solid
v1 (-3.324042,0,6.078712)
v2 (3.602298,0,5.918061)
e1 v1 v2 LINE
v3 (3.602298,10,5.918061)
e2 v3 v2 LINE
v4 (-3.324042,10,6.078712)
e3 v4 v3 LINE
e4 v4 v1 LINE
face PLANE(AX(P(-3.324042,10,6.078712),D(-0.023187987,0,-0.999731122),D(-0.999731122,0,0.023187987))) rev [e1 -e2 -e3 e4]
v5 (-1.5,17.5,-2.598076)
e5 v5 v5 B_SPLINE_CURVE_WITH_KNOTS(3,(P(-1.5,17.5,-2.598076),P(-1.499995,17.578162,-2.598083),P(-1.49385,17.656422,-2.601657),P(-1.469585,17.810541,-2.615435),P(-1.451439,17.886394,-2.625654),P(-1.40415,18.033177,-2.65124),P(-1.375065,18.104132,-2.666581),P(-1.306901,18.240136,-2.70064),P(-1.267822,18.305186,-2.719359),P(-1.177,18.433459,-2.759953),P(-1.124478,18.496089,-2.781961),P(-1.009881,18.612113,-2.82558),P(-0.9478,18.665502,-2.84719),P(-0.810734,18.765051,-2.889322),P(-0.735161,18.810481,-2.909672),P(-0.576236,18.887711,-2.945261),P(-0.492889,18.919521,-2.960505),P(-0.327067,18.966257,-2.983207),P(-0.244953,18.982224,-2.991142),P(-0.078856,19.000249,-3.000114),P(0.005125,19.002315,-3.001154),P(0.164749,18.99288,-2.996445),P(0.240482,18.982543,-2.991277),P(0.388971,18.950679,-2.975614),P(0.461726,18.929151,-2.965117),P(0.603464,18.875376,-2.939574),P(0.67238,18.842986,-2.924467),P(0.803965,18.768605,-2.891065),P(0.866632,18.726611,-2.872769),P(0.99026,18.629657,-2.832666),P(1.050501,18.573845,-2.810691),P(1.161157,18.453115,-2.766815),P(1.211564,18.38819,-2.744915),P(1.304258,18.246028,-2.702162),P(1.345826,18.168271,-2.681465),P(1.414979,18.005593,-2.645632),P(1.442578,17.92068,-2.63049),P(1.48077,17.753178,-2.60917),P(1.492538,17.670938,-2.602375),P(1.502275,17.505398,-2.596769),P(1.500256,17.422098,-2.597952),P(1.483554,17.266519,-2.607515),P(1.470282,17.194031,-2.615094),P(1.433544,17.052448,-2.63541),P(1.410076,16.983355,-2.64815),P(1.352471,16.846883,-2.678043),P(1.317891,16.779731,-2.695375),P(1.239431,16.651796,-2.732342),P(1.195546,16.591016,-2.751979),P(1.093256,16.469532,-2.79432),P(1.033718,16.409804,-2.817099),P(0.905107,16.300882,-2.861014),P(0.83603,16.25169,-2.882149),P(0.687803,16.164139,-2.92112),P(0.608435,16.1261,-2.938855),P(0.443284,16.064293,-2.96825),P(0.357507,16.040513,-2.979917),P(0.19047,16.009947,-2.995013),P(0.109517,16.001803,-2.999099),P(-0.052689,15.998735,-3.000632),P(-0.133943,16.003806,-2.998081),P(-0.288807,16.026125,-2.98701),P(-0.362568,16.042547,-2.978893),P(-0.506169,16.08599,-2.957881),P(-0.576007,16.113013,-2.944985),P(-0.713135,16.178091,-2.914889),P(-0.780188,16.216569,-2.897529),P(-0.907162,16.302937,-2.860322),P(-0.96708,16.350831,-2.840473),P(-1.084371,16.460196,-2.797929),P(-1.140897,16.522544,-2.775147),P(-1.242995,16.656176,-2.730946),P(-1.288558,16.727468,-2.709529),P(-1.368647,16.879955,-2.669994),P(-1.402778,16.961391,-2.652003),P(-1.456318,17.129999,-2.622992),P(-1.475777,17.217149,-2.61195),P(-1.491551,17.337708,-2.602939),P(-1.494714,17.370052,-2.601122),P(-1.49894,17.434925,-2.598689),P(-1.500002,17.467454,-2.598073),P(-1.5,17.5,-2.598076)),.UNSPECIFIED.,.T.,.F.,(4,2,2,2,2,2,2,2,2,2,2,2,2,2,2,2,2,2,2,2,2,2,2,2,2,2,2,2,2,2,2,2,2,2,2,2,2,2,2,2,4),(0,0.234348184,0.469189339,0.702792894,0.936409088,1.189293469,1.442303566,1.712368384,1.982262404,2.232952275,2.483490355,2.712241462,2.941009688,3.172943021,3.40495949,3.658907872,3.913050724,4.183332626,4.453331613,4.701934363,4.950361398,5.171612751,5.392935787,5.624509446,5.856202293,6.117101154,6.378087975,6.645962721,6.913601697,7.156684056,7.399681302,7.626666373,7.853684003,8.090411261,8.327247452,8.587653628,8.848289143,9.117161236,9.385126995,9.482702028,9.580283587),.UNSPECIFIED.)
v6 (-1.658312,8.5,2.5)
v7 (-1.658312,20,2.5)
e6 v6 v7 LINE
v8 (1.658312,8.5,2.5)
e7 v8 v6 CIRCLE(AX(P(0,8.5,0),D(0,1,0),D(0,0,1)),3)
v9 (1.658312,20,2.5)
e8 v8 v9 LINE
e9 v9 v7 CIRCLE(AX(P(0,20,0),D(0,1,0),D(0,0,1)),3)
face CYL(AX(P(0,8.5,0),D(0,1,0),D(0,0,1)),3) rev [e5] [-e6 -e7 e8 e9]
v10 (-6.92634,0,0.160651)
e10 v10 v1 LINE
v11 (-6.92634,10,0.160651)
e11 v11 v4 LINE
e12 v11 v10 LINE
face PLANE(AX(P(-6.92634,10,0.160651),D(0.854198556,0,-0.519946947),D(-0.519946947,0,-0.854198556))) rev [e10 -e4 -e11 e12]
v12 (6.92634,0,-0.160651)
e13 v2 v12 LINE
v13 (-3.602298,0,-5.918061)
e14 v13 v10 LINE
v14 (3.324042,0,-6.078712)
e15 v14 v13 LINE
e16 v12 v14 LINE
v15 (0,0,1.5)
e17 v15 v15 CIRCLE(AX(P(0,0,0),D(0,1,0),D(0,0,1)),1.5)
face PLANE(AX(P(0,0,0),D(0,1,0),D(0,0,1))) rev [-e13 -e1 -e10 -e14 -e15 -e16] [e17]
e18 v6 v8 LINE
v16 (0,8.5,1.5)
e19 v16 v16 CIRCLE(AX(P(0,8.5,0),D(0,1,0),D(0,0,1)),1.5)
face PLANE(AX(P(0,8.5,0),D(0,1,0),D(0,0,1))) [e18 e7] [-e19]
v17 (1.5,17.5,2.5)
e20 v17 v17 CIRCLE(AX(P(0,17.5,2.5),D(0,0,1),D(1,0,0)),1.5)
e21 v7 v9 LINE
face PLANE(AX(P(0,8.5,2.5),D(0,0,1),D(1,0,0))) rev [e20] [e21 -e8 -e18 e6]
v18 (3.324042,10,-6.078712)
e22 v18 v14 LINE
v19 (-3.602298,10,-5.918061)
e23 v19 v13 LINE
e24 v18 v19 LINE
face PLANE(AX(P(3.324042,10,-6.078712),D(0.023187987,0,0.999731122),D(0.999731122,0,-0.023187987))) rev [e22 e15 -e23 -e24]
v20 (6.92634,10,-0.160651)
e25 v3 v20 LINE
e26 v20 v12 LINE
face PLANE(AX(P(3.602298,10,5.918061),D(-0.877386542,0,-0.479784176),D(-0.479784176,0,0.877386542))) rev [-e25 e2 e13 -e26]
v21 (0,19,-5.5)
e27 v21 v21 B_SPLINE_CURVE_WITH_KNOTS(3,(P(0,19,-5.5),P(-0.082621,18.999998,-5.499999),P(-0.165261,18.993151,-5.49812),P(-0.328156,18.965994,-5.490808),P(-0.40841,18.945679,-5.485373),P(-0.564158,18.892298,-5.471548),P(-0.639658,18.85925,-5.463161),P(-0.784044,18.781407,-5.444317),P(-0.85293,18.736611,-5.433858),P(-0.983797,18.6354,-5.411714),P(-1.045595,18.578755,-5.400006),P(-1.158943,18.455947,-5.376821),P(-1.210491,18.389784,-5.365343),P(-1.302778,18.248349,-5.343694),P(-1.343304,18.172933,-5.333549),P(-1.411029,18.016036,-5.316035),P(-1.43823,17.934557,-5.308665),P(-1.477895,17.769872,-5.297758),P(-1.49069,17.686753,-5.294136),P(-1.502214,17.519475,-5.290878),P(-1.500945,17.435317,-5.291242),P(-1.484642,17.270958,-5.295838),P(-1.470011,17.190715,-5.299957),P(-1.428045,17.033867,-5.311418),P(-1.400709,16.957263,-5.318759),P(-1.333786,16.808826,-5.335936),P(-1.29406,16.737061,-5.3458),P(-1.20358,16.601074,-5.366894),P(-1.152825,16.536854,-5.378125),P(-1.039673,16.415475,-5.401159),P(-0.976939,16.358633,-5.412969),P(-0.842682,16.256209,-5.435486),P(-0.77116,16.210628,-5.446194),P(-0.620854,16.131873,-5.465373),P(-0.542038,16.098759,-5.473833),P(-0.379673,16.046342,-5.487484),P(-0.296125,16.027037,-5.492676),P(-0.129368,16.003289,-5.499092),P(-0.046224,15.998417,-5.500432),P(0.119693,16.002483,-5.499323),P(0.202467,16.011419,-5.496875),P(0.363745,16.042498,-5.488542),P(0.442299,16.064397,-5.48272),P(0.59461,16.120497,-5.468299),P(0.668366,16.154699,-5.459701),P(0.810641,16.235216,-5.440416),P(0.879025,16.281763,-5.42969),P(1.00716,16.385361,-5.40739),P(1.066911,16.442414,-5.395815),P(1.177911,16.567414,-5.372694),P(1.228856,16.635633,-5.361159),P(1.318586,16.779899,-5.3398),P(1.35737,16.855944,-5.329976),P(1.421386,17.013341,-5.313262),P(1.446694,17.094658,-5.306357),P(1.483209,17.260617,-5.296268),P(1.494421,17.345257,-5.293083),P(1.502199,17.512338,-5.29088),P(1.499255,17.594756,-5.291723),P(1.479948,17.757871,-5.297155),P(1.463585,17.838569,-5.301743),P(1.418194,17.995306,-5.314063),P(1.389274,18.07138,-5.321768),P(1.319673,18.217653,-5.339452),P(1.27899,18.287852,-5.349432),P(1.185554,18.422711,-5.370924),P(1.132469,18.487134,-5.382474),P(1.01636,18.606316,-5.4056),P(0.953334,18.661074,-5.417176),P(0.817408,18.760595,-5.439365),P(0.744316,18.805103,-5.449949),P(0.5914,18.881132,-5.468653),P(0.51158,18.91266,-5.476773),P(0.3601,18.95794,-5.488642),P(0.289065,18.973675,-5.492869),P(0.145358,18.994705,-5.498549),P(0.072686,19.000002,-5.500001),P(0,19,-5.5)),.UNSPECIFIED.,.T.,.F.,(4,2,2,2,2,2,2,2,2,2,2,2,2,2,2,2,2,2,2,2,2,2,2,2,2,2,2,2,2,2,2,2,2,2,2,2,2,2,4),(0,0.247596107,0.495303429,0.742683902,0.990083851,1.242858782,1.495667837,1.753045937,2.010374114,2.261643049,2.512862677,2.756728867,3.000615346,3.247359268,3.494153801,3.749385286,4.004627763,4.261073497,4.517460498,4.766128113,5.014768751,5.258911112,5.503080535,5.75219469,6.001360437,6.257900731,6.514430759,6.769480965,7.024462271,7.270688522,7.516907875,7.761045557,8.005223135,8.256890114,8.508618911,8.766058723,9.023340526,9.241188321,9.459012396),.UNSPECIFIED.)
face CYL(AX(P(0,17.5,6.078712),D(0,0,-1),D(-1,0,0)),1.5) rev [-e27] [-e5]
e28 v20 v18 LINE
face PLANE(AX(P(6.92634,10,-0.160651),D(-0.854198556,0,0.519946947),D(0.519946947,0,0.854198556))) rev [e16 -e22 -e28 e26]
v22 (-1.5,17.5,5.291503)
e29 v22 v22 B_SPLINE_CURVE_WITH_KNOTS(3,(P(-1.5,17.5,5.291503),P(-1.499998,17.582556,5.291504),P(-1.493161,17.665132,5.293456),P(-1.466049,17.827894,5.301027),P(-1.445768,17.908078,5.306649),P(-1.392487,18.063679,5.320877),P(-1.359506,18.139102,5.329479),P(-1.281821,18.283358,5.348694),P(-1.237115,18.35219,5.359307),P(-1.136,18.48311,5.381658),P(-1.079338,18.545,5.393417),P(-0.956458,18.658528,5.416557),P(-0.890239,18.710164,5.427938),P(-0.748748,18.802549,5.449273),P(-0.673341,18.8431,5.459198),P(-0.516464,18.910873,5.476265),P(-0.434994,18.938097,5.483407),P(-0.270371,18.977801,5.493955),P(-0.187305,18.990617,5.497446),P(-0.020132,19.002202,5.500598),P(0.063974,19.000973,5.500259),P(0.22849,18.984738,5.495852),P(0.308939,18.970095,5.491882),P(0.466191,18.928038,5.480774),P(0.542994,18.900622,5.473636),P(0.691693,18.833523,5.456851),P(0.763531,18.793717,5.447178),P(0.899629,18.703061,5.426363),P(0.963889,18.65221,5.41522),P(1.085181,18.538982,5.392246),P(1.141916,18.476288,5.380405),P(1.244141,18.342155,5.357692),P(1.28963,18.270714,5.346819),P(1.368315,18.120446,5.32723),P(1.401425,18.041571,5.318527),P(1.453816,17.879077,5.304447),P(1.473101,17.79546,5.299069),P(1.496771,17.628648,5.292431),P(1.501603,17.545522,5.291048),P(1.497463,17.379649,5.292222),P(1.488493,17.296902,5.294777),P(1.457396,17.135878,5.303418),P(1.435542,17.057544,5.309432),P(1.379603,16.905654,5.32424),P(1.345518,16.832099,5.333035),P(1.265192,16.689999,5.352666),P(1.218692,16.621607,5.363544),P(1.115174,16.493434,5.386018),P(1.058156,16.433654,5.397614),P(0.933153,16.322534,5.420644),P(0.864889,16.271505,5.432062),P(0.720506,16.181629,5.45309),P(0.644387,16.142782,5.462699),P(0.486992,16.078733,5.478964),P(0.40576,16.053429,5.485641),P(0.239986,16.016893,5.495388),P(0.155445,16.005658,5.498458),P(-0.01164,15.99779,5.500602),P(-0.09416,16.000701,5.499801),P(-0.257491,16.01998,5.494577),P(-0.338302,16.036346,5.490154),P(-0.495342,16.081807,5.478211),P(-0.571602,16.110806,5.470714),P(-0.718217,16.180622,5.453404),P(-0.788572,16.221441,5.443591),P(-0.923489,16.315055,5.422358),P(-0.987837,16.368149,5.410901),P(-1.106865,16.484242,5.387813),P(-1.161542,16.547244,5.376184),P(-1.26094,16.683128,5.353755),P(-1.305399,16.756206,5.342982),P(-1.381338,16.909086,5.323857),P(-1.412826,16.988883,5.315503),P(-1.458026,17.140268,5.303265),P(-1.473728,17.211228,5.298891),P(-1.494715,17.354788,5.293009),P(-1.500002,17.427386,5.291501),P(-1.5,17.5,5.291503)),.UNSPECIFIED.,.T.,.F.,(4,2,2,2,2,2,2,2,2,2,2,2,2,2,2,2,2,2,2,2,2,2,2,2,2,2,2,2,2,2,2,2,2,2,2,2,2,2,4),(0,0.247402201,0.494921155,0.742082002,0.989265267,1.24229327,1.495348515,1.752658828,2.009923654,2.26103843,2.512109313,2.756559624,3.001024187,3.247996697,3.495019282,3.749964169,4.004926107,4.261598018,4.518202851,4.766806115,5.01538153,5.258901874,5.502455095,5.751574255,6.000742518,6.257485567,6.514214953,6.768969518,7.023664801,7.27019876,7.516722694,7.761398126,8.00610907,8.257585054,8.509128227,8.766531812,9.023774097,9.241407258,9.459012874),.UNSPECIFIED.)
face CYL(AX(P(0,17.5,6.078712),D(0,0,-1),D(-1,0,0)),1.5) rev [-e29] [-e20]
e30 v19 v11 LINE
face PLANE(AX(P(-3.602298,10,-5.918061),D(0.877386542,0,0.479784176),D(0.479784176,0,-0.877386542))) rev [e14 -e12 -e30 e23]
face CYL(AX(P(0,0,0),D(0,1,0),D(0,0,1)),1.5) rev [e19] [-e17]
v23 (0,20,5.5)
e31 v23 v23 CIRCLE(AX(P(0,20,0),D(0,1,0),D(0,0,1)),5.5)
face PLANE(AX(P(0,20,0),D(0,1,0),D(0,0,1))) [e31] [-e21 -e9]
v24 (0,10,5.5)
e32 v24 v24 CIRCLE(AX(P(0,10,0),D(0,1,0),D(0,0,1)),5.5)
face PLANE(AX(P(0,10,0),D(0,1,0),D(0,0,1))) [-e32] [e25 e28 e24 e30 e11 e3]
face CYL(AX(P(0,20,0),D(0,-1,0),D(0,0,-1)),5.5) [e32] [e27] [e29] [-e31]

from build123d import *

# Parameters (mm, degrees)
EXTRUDE_1_DEPTH          = 10
SKETCH_2_R               = 5.5
EXTRUDE_2_DEPTH          = 10
CUT_EXTRUDE_1_DEPTH      = 11.5
CUT_EXTRUDE_3_DEPTH      = 23.837874147
CUT_EXTRUDE_3_DEPTH_BACK = 23.837874147
SKETCH_4_R               = 1.5
SKETCH_6_R               = 1.5
CUT_EXTRUDE_4_DEPTH      = 15.736856398


with BuildPart() as part:
    # 草图1 → 凸台-拉伸1 (new body)
    with BuildSketch(Plane(origin=(0, 0, 0), x_dir=(1, 0, 0), z_dir=(0, 1, 0))):
        Polygon((3.602298117, -5.918061192), (6.926340392, 0.160651085), (3.324042275, 6.078712278), (-3.602298117, 5.918061192), (-6.926340392, -0.160651085), (-3.324042275, -6.078712278), align=None)
    extrude(amount=EXTRUDE_1_DEPTH)

    # 草图2 → 凸台-拉伸2 (add)
    with BuildSketch(Plane(origin=(0, 10, 0), x_dir=(1, 0, 0), z_dir=(0, 1, 0))):
        with Locations(Location((0, 0, 0), (0, 0, 270))):
            Circle(SKETCH_2_R)
    extrude(amount=EXTRUDE_2_DEPTH)

    # 草图3 → 切除-拉伸1 (cut)
    with BuildSketch(Plane(origin=(0, 20, 0), x_dir=(1, 0, 0), z_dir=(0, 1, 0))):
        with BuildLine():
            Line((-1.658312395, -2.5), (1.658312395, -2.5))
            ThreePointArc((1.658312395, -2.5), (0, 3), (-1.658312395, -2.5))
        make_face()
    extrude(amount=-CUT_EXTRUDE_1_DEPTH, mode=Mode.SUBTRACT)

    # 草图4 → 切除-拉伸3 (cut, two sides: drawn at the far end of the back side and taken through both)
    with BuildSketch(Plane(origin=(0, 0, 2.5), x_dir=(-1, 0, 0), z_dir=(0, 0, -1)).offset(-CUT_EXTRUDE_3_DEPTH_BACK)):
        with Locations((0, 17.5)):
            Circle(SKETCH_4_R)
    extrude(amount=CUT_EXTRUDE_3_DEPTH + CUT_EXTRUDE_3_DEPTH_BACK, mode=Mode.SUBTRACT)

    # 草图6 → 切除-拉伸4 (cut, through all)
    with BuildSketch(Plane(origin=(0, 8.5, 0), x_dir=(1, 0, 0), z_dir=(0, 1, 0))):
        with Locations(Location((0, 0, 0), (0, 0, 270))):
            Circle(SKETCH_6_R)
    extrude(amount=-CUT_EXTRUDE_4_DEPTH, mode=Mode.SUBTRACT)


solid = part.part
